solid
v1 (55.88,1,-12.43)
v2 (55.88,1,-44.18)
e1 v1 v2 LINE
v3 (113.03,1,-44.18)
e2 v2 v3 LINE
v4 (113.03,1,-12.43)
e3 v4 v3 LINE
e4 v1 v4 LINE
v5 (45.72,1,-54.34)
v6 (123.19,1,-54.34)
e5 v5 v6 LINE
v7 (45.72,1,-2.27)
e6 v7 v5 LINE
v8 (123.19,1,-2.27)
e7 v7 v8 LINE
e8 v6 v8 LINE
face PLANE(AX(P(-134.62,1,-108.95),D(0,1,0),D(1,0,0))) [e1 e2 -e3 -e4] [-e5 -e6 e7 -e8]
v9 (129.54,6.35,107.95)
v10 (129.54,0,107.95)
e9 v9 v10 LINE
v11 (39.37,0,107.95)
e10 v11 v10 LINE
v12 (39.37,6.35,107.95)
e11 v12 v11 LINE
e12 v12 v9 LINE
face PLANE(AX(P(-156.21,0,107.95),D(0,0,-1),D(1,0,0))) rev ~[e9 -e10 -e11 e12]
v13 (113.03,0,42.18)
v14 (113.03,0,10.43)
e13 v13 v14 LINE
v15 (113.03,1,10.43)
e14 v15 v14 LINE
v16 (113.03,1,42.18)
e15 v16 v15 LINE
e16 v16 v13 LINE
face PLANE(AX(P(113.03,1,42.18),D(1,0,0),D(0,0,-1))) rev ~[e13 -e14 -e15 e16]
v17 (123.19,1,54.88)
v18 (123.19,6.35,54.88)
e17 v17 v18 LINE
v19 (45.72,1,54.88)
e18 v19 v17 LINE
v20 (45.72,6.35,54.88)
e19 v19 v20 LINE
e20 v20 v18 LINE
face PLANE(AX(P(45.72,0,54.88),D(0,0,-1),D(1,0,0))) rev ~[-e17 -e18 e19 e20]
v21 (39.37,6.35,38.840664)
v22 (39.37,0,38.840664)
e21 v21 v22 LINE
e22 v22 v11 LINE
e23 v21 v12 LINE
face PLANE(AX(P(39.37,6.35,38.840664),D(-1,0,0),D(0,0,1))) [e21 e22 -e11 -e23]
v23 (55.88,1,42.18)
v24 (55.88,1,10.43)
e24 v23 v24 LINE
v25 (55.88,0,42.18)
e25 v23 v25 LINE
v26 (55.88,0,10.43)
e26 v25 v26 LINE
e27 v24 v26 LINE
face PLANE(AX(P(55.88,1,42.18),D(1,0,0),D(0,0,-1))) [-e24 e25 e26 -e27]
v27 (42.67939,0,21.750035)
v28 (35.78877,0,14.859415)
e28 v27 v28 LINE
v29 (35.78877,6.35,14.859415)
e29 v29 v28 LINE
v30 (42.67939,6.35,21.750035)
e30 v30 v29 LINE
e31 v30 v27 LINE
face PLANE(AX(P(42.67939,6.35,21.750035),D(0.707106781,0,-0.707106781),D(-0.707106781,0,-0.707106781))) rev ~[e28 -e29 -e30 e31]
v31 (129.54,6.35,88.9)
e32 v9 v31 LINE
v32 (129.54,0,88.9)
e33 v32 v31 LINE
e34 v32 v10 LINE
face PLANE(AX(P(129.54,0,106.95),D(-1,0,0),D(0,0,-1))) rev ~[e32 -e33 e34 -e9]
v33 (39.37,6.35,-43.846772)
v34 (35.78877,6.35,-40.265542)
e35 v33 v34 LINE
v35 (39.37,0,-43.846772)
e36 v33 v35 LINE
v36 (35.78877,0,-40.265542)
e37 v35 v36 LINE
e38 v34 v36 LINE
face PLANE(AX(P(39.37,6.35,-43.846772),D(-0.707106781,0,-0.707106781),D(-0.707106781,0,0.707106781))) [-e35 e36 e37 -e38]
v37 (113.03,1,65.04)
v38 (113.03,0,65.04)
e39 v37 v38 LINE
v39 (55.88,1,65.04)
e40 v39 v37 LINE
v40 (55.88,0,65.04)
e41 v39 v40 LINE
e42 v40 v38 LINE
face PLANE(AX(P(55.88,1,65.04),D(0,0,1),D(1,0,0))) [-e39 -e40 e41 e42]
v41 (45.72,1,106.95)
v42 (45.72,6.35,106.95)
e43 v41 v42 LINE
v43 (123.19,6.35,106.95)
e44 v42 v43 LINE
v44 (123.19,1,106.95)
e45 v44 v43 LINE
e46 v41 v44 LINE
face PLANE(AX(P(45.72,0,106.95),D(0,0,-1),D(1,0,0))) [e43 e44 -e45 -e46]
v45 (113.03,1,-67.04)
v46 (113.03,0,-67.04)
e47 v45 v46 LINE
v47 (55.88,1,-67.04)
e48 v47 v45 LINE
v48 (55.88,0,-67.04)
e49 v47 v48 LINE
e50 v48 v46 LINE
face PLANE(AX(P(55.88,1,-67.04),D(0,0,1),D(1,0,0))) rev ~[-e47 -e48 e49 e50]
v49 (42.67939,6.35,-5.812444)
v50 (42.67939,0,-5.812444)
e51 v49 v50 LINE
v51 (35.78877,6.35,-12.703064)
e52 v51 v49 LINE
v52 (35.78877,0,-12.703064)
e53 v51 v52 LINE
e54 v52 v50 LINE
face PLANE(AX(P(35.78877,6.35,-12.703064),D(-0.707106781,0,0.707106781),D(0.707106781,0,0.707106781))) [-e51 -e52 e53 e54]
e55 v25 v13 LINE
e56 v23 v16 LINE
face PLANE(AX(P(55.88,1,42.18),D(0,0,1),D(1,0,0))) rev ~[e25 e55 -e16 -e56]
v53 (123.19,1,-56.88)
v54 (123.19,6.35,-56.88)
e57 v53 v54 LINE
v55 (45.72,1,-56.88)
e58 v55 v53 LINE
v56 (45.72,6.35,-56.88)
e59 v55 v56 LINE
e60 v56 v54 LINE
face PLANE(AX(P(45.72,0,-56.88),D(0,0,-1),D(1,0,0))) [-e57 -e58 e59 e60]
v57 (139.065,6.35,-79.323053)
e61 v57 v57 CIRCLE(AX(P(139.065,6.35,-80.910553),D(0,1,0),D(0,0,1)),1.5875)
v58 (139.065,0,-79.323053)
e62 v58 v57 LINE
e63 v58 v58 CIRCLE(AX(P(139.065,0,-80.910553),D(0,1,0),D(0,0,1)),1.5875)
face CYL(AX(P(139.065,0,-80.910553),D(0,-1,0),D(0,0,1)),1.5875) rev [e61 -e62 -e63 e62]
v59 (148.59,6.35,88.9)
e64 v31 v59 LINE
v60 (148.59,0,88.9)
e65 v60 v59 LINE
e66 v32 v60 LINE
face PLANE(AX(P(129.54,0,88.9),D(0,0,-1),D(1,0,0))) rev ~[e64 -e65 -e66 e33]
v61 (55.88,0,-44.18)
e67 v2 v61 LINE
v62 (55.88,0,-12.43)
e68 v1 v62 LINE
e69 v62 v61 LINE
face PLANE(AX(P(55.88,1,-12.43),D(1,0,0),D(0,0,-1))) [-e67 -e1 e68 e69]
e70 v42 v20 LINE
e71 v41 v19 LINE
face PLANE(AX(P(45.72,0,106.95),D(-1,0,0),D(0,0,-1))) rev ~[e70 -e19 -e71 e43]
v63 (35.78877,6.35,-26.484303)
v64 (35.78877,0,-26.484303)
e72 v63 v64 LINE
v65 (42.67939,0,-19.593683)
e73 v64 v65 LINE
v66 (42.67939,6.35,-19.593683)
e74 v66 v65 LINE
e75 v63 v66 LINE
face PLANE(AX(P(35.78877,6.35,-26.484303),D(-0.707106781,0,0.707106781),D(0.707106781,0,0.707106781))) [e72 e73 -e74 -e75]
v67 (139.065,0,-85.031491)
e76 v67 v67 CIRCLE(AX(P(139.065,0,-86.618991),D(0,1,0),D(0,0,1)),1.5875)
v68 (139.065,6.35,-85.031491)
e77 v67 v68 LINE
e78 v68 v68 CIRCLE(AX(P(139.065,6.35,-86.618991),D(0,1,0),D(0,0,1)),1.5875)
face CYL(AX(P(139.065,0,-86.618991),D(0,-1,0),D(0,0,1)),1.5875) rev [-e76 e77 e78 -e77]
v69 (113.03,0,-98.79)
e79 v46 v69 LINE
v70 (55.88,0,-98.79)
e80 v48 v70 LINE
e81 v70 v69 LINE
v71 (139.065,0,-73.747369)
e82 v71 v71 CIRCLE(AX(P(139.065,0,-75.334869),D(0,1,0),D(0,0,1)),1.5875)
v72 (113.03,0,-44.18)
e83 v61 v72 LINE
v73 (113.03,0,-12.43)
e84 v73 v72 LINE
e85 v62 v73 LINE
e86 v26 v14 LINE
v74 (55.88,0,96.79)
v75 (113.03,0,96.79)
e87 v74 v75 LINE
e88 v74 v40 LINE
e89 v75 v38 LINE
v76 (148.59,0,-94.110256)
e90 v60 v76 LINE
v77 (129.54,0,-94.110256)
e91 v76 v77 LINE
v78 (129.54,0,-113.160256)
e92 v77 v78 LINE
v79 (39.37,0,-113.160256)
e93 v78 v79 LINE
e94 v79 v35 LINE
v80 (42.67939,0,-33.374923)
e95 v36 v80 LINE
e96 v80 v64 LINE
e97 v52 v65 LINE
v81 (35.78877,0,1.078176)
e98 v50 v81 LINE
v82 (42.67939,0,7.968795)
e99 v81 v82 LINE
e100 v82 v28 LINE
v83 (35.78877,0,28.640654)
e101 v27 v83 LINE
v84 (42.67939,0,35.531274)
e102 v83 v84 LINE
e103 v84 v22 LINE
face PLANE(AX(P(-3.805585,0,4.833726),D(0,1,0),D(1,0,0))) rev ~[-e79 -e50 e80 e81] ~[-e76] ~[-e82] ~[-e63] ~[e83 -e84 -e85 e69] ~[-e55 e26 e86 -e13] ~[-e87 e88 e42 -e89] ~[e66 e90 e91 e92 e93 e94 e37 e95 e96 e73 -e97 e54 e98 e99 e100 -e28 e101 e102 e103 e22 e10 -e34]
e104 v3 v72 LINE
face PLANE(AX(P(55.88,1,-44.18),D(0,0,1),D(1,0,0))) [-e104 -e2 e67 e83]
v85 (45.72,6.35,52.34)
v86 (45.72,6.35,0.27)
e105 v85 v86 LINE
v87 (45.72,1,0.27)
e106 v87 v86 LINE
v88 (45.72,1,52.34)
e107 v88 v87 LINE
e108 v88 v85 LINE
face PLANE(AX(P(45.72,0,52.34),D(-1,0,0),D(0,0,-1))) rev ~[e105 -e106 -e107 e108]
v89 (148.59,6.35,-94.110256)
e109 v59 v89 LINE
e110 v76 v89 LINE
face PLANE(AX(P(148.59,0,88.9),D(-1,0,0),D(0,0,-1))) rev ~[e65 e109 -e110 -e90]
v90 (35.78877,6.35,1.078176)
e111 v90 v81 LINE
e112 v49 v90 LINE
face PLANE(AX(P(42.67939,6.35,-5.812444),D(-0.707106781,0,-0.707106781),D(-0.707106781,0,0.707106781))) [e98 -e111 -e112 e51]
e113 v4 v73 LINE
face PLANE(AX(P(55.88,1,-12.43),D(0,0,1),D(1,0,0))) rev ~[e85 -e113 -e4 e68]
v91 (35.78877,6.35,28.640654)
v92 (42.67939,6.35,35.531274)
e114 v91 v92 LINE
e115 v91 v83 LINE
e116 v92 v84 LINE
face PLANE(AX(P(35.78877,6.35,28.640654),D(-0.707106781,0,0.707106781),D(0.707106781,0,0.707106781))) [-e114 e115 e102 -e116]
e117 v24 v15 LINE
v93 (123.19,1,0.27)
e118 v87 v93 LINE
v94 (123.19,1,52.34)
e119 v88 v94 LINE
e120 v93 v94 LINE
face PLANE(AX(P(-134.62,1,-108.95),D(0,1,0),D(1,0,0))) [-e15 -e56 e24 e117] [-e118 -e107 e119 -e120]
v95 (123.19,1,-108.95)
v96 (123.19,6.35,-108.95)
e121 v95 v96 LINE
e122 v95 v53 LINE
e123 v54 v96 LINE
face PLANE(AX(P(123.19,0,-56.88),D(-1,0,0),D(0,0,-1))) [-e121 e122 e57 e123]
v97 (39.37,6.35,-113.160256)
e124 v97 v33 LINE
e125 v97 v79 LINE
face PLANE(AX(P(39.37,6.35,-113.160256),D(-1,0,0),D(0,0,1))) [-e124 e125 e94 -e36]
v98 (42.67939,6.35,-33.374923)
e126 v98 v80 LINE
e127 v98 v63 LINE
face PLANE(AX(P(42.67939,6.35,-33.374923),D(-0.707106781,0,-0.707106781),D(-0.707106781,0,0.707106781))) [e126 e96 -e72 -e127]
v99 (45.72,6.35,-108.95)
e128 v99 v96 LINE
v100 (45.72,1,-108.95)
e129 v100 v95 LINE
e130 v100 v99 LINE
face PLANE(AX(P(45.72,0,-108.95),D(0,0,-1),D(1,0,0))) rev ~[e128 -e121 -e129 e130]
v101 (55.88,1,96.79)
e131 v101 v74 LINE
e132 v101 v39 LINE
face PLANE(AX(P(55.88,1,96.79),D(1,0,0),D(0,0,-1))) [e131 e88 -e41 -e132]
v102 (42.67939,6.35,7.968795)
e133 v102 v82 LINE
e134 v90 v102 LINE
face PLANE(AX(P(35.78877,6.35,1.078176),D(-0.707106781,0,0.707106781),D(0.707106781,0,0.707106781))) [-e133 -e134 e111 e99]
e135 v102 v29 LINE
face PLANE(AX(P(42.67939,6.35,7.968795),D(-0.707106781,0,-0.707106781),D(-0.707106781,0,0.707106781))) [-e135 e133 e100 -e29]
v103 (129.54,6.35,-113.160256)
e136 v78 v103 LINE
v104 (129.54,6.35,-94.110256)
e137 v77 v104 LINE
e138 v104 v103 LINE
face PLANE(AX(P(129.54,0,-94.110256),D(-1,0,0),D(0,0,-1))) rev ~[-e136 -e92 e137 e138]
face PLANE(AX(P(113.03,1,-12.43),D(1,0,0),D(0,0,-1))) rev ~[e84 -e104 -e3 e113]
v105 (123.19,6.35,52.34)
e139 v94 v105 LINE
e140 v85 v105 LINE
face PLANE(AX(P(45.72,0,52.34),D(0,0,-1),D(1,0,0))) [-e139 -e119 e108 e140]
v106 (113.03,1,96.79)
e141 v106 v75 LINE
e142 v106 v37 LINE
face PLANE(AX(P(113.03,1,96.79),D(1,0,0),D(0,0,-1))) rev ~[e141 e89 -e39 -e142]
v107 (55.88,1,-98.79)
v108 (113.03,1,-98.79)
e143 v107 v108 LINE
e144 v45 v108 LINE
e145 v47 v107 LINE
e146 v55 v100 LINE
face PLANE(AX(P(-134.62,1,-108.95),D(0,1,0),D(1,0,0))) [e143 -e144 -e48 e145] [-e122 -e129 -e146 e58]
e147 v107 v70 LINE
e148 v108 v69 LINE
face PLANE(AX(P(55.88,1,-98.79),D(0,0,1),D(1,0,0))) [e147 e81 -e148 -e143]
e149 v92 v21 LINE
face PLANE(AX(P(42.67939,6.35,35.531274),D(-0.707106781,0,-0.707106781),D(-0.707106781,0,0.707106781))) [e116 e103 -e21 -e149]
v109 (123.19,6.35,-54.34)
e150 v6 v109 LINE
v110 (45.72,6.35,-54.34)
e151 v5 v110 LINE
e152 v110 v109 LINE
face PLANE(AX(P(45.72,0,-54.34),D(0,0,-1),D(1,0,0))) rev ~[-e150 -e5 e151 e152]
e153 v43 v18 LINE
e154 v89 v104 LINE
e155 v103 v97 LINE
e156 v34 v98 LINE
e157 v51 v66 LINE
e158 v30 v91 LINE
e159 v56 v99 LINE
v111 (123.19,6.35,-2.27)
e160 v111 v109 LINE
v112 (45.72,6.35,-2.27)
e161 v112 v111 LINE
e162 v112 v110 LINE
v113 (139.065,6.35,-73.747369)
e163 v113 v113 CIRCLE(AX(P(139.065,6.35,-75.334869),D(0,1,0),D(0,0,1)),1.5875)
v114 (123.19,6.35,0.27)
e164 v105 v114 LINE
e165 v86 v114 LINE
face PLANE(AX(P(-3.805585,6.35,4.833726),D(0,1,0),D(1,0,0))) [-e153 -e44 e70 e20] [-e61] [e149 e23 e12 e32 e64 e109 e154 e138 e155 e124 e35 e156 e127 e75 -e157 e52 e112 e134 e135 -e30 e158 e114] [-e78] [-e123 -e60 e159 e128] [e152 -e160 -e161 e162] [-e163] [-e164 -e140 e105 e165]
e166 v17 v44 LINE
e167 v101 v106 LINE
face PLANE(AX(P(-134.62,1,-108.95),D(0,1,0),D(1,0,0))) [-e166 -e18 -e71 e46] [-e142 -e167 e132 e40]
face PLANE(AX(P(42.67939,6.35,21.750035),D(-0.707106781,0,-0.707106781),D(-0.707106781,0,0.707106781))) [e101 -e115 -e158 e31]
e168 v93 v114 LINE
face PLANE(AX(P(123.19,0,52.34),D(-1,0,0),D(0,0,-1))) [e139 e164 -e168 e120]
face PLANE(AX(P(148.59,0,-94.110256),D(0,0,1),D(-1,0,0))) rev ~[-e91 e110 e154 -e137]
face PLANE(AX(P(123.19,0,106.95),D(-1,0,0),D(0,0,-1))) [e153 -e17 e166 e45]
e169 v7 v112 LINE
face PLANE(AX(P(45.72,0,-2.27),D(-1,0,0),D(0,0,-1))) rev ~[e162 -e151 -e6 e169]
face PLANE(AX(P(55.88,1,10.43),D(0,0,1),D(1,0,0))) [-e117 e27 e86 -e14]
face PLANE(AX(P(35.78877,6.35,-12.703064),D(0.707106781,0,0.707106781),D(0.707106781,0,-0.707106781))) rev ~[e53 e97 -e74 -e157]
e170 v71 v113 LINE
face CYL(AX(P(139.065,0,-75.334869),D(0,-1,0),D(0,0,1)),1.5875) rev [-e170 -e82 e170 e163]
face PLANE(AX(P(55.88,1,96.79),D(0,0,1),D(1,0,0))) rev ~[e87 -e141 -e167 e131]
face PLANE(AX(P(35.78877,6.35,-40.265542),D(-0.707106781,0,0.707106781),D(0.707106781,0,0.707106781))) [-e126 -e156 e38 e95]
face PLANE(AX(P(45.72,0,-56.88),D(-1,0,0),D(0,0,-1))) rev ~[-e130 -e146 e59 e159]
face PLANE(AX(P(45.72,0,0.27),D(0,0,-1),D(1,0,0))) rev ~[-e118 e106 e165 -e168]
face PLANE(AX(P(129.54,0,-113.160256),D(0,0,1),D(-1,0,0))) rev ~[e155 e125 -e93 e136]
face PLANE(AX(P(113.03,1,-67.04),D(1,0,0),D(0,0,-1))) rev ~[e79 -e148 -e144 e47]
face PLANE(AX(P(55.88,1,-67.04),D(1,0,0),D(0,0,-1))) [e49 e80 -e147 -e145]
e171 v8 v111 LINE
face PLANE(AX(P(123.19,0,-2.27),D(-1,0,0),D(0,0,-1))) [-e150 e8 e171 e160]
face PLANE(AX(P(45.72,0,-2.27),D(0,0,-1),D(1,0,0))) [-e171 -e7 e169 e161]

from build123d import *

# Parameters (mm, degrees)
SKETCH1_W           = 77.47
SKETCH1_H           = 52.07
SKETCH1_R           = 1.5875
SKETCH1_H_2         = 52.34
BOSS_EXTRUDE3_DEPTH = 6.35
SKETCH2_W           = 19.05
SKETCH2_H           = 1
CUT_EXTRUDE1_DEPTH  = 193.995155978
SKETCH4_W           = 19.05
SKETCH4_H           = 1
CUT_EXTRUDE2_DEPTH  = 193.995155978
SKETCH5_W           = 257.81
SKETCH5_H           = 1
BOSS_EXTRUDE4_DEPTH = 215.9
SKETCH6_W           = 57.15
SKETCH6_H           = 31.75
CUT_EXTRUDE3_DEPTH  = 193.964841955
CUT_EXTRUDE5_DEPTH  = 193.995155978


with BuildPart() as part:
    # Sketch1 → Boss-Extrude3 (new body)
    with BuildSketch(Plane(origin=(0, 0, 0), x_dir=(1, 0, 0), z_dir=(0, 1, 0))):
        Polygon((148.59, 94.11025641), (129.54, 94.11025641), (129.54, 113.16025641), (-137.02974359, 113.16025641), (-137.02974359, 93.98), (-156.21, 93.98), (-156.21, -88.9), (-137.16, -88.9), (-137.16, -106.95), (-156.21, -106.95), (-156.21, -107.95), (148.59, -107.95), (148.59, -106.95), (129.54, -106.95), (129.54, -88.9), (148.59, -88.9), align=None)
        with Locations((-95.885, -80.915)):
            Rectangle(SKETCH1_W, SKETCH1_H, mode=Mode.SUBTRACT)
        with Locations((-5.715, -80.915)):
            Rectangle(SKETCH1_W, SKETCH1_H, mode=Mode.SUBTRACT)
        with Locations((84.455, -80.915)):
            Rectangle(SKETCH1_W, SKETCH1_H, mode=Mode.SUBTRACT)
        with Locations((84.455, 82.915)):
            Rectangle(SKETCH1_W, SKETCH1_H, mode=Mode.SUBTRACT)
        with Locations((84.455, 28.305)):
            Rectangle(SKETCH1_W, SKETCH1_H, mode=Mode.SUBTRACT)
        with Locations((84.455, -26.305)):
            Rectangle(SKETCH1_W, SKETCH1_H, mode=Mode.SUBTRACT)
        with Locations(Location((139.065, 75.334869264, 0), (0, 0, 270))):
            Circle(SKETCH1_R, mode=Mode.SUBTRACT)
        with Locations(Location((139.065, 80.910552749, 0), (0, 0, 270))):
            Circle(SKETCH1_R, mode=Mode.SUBTRACT)
        with Locations(Location((139.065, 86.618990604, 0), (0, 0, 270))):
            Circle(SKETCH1_R, mode=Mode.SUBTRACT)
        with Locations((-5.715, 82.915)):
            Rectangle(SKETCH1_W, SKETCH1_H, mode=Mode.SUBTRACT)
        with Locations((-95.885, -26.305)):
            Rectangle(SKETCH1_W, SKETCH1_H, mode=Mode.SUBTRACT)
        with Locations((-5.715, -26.17)):
            Rectangle(SKETCH1_W, SKETCH1_H_2, mode=Mode.SUBTRACT)
        with Locations((-95.885, 28.305)):
            Rectangle(SKETCH1_W, SKETCH1_H, mode=Mode.SUBTRACT)
        with Locations((-5.715, 28.305)):
            Rectangle(SKETCH1_W, SKETCH1_H, mode=Mode.SUBTRACT)
        with Locations((-95.885, 82.915)):
            Rectangle(SKETCH1_W, SKETCH1_H, mode=Mode.SUBTRACT)
    extrude(amount=BOSS_EXTRUDE3_DEPTH)

    # Sketch2 → Cut-Extrude1 (cut, through all)
    with BuildSketch(Plane(origin=(0, 6.35, 0), x_dir=(1, 0, 0), z_dir=(0, 1, 0))):
        with Locations((139.065, -107.45)):
            Rectangle(SKETCH2_W, SKETCH2_H)
    extrude(amount=-CUT_EXTRUDE1_DEPTH, mode=Mode.SUBTRACT)

    # Sketch4 → Cut-Extrude2 (cut, through all)
    with BuildSketch(Plane(origin=(0, 6.35, 0), x_dir=(1, 0, 0), z_dir=(0, 1, 0))):
        with Locations((-146.685, -107.45)):
            Rectangle(SKETCH4_W, SKETCH4_H)
    extrude(amount=-CUT_EXTRUDE2_DEPTH, mode=Mode.SUBTRACT)

    # Sketch5 → Boss-Extrude4 (add)
    with BuildSketch(Plane.XY.offset(-108.95)):
        with Locations((-5.715, 0.5)):
            Rectangle(SKETCH5_W, SKETCH5_H)
    extrude(amount=BOSS_EXTRUDE4_DEPTH)

    # Sketch6 → Cut-Extrude3 (cut, through all)
    with BuildSketch(Plane(origin=(0, 1, 0), x_dir=(1, 0, 0), z_dir=(0, 1, 0))):
        with Locations((-95.885, 82.915)):
            Rectangle(SKETCH6_W, SKETCH6_H)
        with Locations((-95.885, 28.305)):
            Rectangle(SKETCH6_W, SKETCH6_H)
        with Locations((-95.885, -26.305)):
            Rectangle(SKETCH6_W, SKETCH6_H)
        with Locations((-95.885, -80.915)):
            Rectangle(SKETCH6_W, SKETCH6_H)
        with Locations((-5.715, 82.915)):
            Rectangle(SKETCH6_W, SKETCH6_H)
        with Locations((84.455, 82.915)):
            Rectangle(SKETCH6_W, SKETCH6_H)
        with Locations((-5.715, 28.305)):
            Rectangle(SKETCH6_W, SKETCH6_H)
        with Locations((-5.715, -26.305)):
            Rectangle(SKETCH6_W, SKETCH6_H)
        with Locations((-5.715, -80.915)):
            Rectangle(SKETCH6_W, SKETCH6_H)
        with Locations((84.455, -80.915)):
            Rectangle(SKETCH6_W, SKETCH6_H)
        with Locations((84.455, -26.305)):
            Rectangle(SKETCH6_W, SKETCH6_H)
        with Locations((84.455, 28.305)):
            Rectangle(SKETCH6_W, SKETCH6_H)
    extrude(amount=-CUT_EXTRUDE3_DEPTH, mode=Mode.SUBTRACT)

    # Sketch7 → Cut-Extrude5 (cut, through all)
    with BuildSketch(Plane(origin=(0, 6.35, 0), x_dir=(1, 0, 0), z_dir=(0, 1, 0))):
        Polygon((39.37, 43.846772262), (35.788770068, 40.26554233), (42.679389728, 33.37492267), (35.788770068, 26.48430301), (42.679389728, 19.593683351), (39.37, 16.284293623), (35.788770068, 12.703063691), (42.679389728, 5.812444031), (35.788770068, -1.078175628), (42.679389728, -7.968795288), (35.788770068, -14.859414948), (39.37, -18.44064488), (42.679389728, -21.750034608), (35.788770068, -28.640654267), (42.679389728, -35.531273927), (39.37, -38.840663655), (39.37, -107.95), (-160.951266418, -107.95), (-160.951266418, 113.16025641), (39.37, 113.16025641), align=None)
    extrude(amount=-CUT_EXTRUDE5_DEPTH, mode=Mode.SUBTRACT)


solid = part.part
